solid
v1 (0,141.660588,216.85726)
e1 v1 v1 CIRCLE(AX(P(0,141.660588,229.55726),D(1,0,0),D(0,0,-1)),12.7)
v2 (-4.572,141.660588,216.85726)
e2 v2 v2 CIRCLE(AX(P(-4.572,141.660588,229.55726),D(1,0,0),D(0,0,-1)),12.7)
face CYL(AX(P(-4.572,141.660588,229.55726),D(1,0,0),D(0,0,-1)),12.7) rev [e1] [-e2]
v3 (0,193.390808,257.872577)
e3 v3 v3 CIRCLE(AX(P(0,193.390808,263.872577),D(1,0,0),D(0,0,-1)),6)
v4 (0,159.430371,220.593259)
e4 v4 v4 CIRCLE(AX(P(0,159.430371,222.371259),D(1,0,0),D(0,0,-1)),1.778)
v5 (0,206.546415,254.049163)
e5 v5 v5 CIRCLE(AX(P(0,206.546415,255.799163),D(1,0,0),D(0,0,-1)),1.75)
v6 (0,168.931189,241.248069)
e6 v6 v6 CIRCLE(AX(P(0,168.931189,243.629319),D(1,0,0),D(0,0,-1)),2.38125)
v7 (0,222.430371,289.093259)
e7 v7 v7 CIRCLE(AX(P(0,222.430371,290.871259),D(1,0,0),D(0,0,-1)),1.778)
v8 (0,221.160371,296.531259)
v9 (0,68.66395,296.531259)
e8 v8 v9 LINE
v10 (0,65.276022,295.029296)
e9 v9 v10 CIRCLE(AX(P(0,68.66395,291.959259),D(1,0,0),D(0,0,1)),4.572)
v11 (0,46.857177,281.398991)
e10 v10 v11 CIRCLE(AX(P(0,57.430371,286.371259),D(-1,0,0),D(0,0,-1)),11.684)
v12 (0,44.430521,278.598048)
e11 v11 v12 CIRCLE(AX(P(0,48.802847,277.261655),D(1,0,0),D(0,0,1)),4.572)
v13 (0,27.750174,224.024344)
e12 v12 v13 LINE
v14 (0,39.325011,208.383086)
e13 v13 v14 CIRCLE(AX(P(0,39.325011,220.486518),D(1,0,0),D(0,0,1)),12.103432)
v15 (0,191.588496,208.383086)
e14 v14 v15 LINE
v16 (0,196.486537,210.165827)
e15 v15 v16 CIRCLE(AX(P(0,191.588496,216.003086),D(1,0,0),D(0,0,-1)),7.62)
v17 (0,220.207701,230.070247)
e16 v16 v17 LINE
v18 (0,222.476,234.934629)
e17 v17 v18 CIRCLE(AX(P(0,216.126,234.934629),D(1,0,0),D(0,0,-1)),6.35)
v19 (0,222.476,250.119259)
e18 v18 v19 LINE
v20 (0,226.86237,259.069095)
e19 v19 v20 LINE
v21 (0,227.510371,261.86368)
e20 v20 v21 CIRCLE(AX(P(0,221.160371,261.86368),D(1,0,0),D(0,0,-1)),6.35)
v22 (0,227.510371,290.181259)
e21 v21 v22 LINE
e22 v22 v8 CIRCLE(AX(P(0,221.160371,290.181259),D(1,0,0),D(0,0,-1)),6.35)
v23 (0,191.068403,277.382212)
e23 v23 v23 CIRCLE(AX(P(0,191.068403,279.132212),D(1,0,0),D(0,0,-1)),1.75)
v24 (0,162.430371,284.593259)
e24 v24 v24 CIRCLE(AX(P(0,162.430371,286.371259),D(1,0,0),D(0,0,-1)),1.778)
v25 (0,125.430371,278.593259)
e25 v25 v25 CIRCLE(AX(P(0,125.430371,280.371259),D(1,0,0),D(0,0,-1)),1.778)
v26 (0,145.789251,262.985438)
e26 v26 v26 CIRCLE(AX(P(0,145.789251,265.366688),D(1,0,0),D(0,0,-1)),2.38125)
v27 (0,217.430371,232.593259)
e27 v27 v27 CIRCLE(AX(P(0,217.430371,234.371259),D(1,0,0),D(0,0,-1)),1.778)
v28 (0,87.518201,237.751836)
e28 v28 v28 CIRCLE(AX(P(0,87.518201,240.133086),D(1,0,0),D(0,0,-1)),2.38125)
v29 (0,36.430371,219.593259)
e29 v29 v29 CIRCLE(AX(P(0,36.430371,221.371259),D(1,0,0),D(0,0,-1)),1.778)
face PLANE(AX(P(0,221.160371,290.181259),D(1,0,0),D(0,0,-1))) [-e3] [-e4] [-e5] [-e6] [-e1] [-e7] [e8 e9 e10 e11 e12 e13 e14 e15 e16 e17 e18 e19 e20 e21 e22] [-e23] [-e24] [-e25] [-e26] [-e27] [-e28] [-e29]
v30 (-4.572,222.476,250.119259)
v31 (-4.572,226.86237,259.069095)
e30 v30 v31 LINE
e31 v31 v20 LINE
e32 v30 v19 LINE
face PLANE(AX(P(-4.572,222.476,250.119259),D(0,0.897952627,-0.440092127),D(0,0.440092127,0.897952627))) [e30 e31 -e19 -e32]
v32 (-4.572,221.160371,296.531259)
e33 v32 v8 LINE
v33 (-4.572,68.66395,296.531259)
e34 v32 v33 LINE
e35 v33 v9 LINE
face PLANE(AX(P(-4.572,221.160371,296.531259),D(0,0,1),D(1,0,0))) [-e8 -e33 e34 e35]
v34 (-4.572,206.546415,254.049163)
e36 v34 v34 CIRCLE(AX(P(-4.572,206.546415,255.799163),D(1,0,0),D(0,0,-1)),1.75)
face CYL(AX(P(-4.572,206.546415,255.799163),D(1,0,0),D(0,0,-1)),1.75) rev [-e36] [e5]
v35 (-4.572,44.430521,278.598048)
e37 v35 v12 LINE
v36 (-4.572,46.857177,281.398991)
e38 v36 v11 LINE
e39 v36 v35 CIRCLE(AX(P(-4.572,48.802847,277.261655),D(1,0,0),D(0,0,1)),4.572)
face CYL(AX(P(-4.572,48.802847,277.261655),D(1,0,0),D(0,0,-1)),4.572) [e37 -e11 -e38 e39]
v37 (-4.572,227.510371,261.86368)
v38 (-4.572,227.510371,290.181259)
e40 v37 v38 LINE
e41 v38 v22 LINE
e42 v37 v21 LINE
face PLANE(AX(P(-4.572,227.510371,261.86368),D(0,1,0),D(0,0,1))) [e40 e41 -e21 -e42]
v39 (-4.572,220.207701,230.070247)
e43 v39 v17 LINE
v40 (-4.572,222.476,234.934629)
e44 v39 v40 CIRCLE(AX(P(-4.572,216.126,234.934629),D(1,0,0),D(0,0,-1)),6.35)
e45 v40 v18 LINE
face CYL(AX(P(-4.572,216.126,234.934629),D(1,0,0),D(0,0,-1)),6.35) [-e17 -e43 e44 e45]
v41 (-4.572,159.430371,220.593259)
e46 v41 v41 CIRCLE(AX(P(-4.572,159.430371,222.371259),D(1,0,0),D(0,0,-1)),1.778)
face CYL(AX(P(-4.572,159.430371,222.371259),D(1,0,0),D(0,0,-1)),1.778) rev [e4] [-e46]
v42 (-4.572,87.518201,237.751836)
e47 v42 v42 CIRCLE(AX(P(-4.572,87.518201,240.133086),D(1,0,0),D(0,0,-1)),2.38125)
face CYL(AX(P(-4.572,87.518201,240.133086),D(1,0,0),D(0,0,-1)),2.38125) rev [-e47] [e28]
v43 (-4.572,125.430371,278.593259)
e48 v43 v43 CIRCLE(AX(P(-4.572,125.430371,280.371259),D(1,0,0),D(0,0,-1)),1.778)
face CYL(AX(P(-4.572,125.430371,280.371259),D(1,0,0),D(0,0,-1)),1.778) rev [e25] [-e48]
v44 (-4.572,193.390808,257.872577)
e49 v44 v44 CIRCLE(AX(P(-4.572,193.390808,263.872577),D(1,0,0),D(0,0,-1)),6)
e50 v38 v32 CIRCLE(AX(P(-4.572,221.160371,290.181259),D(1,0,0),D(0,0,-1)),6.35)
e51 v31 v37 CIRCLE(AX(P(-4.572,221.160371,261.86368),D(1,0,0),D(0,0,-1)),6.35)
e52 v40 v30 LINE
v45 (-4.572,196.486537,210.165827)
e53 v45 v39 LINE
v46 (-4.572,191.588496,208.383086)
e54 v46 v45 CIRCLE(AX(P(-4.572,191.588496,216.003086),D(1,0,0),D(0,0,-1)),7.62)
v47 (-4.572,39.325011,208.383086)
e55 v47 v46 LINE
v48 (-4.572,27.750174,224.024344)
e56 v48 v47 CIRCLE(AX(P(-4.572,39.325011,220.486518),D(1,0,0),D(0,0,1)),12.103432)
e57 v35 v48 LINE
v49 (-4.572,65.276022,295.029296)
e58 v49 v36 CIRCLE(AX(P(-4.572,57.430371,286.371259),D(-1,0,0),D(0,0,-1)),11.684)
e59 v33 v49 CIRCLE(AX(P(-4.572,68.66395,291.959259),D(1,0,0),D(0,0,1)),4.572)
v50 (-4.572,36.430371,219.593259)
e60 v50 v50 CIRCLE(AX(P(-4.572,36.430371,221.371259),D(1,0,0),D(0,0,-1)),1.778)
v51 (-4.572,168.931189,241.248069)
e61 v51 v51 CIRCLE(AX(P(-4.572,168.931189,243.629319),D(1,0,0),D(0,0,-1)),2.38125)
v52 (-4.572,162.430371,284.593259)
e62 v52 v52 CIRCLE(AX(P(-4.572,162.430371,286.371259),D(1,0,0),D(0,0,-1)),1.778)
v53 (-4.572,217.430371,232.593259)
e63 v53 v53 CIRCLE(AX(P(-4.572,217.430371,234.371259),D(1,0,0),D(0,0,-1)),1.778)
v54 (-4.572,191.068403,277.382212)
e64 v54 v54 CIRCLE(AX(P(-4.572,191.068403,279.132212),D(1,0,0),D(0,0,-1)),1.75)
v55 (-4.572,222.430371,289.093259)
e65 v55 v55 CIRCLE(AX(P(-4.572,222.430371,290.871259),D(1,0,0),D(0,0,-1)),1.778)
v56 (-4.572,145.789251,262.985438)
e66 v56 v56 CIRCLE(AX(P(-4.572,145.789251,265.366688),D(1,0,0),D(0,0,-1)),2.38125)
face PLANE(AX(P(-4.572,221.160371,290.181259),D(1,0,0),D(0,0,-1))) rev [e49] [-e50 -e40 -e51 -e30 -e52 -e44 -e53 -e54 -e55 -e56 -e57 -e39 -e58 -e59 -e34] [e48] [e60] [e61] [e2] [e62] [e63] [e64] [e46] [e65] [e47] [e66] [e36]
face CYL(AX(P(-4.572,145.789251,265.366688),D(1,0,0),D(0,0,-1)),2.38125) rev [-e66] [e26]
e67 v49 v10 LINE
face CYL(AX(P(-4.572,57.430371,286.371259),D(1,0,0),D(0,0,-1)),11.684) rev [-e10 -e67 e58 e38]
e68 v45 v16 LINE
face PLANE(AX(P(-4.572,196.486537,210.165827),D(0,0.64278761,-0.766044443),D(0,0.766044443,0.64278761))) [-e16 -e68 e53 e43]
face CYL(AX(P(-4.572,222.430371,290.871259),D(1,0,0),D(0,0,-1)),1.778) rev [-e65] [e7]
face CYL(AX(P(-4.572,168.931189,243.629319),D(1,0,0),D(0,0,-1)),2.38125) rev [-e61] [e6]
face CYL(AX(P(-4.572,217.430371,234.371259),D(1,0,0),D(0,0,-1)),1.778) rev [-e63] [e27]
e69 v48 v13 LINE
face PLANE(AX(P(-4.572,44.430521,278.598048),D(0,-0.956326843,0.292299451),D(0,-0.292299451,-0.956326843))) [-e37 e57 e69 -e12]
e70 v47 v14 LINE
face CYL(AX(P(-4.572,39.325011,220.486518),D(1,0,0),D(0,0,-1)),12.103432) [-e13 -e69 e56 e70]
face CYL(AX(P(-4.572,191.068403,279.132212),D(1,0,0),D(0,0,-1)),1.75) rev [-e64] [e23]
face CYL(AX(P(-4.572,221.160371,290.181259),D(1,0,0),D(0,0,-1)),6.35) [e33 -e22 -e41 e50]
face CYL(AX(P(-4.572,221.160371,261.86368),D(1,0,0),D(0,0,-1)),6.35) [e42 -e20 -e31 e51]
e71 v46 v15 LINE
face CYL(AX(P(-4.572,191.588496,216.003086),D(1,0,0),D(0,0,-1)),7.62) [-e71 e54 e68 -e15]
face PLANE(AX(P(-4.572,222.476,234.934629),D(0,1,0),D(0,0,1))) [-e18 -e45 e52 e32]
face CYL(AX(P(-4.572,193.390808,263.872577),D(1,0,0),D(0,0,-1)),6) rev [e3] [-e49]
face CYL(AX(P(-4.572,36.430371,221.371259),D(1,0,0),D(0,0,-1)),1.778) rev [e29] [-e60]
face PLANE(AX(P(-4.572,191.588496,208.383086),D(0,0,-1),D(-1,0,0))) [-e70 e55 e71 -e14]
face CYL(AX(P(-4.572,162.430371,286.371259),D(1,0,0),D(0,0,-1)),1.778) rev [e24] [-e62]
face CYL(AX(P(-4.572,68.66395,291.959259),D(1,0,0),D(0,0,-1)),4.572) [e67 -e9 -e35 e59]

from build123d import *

# Parameters (mm, degrees)
SKETCH4_R           = 12.7
SKETCH4_R_2         = 1.778
SKETCH4_R_3         = 2.38125
SKETCH4_R_4         = 1.75
SKETCH4_R_5         = 6
BOSS_EXTRUDE1_DEPTH = 4.572


with BuildPart() as part:
    # Sketch4 → Boss-Extrude1 (new body)
    with BuildSketch(Plane(origin=(0, 0, 0), x_dir=(0, 0, -1), z_dir=(1, 0, 0))):
        with BuildLine():
            Line((-278.598048041, 44.43052094), (-224.024344082, 27.750173837))
            ThreePointArc((-224.024344082, 27.750173837), (-213.286752868, 29.595855882), (-208.38308557, 39.325010744))
            Line((-208.38308557, 39.325010744), (-208.38308557, 191.588495768))
            ThreePointArc((-208.38308557, 191.588495768), (-208.8426278, 194.19468926), (-210.165826914, 196.486537353))
            Line((-210.165826914, 196.486537353), (-230.07024685, 220.207701322))
            ThreePointArc((-230.07024685, 220.207701322), (-232.251003102, 221.881054448), (-234.934629064, 222.476))
            Line((-234.934629064, 222.476), (-250.119258716, 222.476))
            Line((-250.119258716, 222.476), (-259.069094553, 226.862369804))
            ThreePointArc((-259.069094553, 226.862369804), (-260.42931468, 227.346249494), (-261.863679558, 227.510370624))
            Line((-261.863679558, 227.510370624), (-290.181258716, 227.510370624))
            ThreePointArc((-290.181258716, 227.510370624), (-294.671386777, 225.650498684), (-296.531258716, 221.160370624))
            Line((-296.531258716, 221.160370624), (-296.531258716, 68.663949573))
            ThreePointArc((-296.531258716, 68.663949573), (-296.13893545, 66.810982655), (-295.029296163, 65.276021876))
            ThreePointArc((-295.029296163, 65.276021876), (-276.979257712, 64.380634873), (-281.39899141, 46.857177452))
            ThreePointArc((-281.39899141, 46.857177452), (-280.255414168, 45.347331423), (-278.598048041, 44.43052094))
        make_face()
        with Locations((-229.557259723, 141.660587995)):
            Circle(SKETCH4_R, mode=Mode.SUBTRACT)
        with Locations((-221.371258716, 36.430370624)):
            Circle(SKETCH4_R_2, mode=Mode.SUBTRACT)
        with Locations((-243.629318942, 168.931188955)):
            Circle(SKETCH4_R_3, mode=Mode.SUBTRACT)
        with Locations((-280.371258716, 125.430370624)):
            Circle(SKETCH4_R_2, mode=Mode.SUBTRACT)
        with Locations((-286.371258716, 162.430370624)):
            Circle(SKETCH4_R_2, mode=Mode.SUBTRACT)
        with Locations((-279.132211518, 191.06840303)):
            Circle(SKETCH4_R_4, mode=Mode.SUBTRACT)
        with Locations((-255.799163122, 206.546414937)):
            Circle(SKETCH4_R_4, mode=Mode.SUBTRACT)
        with Locations((-263.872577413, 193.390808463)):
            Circle(SKETCH4_R_5, mode=Mode.SUBTRACT)
        with Locations((-290.871258716, 222.430370624)):
            Circle(SKETCH4_R_2, mode=Mode.SUBTRACT)
        with Locations((-234.371258716, 217.430370624)):
            Circle(SKETCH4_R_2, mode=Mode.SUBTRACT)
        with Locations((-222.371258716, 159.430370624)):
            Circle(SKETCH4_R_2, mode=Mode.SUBTRACT)
        with Locations((-265.366688027, 145.789251152)):
            Circle(SKETCH4_R_3, mode=Mode.SUBTRACT)
        with Locations((-240.13308557, 87.518200818)):
            Circle(SKETCH4_R_3, mode=Mode.SUBTRACT)
    extrude(amount=-BOSS_EXTRUDE1_DEPTH)


solid = part.part
